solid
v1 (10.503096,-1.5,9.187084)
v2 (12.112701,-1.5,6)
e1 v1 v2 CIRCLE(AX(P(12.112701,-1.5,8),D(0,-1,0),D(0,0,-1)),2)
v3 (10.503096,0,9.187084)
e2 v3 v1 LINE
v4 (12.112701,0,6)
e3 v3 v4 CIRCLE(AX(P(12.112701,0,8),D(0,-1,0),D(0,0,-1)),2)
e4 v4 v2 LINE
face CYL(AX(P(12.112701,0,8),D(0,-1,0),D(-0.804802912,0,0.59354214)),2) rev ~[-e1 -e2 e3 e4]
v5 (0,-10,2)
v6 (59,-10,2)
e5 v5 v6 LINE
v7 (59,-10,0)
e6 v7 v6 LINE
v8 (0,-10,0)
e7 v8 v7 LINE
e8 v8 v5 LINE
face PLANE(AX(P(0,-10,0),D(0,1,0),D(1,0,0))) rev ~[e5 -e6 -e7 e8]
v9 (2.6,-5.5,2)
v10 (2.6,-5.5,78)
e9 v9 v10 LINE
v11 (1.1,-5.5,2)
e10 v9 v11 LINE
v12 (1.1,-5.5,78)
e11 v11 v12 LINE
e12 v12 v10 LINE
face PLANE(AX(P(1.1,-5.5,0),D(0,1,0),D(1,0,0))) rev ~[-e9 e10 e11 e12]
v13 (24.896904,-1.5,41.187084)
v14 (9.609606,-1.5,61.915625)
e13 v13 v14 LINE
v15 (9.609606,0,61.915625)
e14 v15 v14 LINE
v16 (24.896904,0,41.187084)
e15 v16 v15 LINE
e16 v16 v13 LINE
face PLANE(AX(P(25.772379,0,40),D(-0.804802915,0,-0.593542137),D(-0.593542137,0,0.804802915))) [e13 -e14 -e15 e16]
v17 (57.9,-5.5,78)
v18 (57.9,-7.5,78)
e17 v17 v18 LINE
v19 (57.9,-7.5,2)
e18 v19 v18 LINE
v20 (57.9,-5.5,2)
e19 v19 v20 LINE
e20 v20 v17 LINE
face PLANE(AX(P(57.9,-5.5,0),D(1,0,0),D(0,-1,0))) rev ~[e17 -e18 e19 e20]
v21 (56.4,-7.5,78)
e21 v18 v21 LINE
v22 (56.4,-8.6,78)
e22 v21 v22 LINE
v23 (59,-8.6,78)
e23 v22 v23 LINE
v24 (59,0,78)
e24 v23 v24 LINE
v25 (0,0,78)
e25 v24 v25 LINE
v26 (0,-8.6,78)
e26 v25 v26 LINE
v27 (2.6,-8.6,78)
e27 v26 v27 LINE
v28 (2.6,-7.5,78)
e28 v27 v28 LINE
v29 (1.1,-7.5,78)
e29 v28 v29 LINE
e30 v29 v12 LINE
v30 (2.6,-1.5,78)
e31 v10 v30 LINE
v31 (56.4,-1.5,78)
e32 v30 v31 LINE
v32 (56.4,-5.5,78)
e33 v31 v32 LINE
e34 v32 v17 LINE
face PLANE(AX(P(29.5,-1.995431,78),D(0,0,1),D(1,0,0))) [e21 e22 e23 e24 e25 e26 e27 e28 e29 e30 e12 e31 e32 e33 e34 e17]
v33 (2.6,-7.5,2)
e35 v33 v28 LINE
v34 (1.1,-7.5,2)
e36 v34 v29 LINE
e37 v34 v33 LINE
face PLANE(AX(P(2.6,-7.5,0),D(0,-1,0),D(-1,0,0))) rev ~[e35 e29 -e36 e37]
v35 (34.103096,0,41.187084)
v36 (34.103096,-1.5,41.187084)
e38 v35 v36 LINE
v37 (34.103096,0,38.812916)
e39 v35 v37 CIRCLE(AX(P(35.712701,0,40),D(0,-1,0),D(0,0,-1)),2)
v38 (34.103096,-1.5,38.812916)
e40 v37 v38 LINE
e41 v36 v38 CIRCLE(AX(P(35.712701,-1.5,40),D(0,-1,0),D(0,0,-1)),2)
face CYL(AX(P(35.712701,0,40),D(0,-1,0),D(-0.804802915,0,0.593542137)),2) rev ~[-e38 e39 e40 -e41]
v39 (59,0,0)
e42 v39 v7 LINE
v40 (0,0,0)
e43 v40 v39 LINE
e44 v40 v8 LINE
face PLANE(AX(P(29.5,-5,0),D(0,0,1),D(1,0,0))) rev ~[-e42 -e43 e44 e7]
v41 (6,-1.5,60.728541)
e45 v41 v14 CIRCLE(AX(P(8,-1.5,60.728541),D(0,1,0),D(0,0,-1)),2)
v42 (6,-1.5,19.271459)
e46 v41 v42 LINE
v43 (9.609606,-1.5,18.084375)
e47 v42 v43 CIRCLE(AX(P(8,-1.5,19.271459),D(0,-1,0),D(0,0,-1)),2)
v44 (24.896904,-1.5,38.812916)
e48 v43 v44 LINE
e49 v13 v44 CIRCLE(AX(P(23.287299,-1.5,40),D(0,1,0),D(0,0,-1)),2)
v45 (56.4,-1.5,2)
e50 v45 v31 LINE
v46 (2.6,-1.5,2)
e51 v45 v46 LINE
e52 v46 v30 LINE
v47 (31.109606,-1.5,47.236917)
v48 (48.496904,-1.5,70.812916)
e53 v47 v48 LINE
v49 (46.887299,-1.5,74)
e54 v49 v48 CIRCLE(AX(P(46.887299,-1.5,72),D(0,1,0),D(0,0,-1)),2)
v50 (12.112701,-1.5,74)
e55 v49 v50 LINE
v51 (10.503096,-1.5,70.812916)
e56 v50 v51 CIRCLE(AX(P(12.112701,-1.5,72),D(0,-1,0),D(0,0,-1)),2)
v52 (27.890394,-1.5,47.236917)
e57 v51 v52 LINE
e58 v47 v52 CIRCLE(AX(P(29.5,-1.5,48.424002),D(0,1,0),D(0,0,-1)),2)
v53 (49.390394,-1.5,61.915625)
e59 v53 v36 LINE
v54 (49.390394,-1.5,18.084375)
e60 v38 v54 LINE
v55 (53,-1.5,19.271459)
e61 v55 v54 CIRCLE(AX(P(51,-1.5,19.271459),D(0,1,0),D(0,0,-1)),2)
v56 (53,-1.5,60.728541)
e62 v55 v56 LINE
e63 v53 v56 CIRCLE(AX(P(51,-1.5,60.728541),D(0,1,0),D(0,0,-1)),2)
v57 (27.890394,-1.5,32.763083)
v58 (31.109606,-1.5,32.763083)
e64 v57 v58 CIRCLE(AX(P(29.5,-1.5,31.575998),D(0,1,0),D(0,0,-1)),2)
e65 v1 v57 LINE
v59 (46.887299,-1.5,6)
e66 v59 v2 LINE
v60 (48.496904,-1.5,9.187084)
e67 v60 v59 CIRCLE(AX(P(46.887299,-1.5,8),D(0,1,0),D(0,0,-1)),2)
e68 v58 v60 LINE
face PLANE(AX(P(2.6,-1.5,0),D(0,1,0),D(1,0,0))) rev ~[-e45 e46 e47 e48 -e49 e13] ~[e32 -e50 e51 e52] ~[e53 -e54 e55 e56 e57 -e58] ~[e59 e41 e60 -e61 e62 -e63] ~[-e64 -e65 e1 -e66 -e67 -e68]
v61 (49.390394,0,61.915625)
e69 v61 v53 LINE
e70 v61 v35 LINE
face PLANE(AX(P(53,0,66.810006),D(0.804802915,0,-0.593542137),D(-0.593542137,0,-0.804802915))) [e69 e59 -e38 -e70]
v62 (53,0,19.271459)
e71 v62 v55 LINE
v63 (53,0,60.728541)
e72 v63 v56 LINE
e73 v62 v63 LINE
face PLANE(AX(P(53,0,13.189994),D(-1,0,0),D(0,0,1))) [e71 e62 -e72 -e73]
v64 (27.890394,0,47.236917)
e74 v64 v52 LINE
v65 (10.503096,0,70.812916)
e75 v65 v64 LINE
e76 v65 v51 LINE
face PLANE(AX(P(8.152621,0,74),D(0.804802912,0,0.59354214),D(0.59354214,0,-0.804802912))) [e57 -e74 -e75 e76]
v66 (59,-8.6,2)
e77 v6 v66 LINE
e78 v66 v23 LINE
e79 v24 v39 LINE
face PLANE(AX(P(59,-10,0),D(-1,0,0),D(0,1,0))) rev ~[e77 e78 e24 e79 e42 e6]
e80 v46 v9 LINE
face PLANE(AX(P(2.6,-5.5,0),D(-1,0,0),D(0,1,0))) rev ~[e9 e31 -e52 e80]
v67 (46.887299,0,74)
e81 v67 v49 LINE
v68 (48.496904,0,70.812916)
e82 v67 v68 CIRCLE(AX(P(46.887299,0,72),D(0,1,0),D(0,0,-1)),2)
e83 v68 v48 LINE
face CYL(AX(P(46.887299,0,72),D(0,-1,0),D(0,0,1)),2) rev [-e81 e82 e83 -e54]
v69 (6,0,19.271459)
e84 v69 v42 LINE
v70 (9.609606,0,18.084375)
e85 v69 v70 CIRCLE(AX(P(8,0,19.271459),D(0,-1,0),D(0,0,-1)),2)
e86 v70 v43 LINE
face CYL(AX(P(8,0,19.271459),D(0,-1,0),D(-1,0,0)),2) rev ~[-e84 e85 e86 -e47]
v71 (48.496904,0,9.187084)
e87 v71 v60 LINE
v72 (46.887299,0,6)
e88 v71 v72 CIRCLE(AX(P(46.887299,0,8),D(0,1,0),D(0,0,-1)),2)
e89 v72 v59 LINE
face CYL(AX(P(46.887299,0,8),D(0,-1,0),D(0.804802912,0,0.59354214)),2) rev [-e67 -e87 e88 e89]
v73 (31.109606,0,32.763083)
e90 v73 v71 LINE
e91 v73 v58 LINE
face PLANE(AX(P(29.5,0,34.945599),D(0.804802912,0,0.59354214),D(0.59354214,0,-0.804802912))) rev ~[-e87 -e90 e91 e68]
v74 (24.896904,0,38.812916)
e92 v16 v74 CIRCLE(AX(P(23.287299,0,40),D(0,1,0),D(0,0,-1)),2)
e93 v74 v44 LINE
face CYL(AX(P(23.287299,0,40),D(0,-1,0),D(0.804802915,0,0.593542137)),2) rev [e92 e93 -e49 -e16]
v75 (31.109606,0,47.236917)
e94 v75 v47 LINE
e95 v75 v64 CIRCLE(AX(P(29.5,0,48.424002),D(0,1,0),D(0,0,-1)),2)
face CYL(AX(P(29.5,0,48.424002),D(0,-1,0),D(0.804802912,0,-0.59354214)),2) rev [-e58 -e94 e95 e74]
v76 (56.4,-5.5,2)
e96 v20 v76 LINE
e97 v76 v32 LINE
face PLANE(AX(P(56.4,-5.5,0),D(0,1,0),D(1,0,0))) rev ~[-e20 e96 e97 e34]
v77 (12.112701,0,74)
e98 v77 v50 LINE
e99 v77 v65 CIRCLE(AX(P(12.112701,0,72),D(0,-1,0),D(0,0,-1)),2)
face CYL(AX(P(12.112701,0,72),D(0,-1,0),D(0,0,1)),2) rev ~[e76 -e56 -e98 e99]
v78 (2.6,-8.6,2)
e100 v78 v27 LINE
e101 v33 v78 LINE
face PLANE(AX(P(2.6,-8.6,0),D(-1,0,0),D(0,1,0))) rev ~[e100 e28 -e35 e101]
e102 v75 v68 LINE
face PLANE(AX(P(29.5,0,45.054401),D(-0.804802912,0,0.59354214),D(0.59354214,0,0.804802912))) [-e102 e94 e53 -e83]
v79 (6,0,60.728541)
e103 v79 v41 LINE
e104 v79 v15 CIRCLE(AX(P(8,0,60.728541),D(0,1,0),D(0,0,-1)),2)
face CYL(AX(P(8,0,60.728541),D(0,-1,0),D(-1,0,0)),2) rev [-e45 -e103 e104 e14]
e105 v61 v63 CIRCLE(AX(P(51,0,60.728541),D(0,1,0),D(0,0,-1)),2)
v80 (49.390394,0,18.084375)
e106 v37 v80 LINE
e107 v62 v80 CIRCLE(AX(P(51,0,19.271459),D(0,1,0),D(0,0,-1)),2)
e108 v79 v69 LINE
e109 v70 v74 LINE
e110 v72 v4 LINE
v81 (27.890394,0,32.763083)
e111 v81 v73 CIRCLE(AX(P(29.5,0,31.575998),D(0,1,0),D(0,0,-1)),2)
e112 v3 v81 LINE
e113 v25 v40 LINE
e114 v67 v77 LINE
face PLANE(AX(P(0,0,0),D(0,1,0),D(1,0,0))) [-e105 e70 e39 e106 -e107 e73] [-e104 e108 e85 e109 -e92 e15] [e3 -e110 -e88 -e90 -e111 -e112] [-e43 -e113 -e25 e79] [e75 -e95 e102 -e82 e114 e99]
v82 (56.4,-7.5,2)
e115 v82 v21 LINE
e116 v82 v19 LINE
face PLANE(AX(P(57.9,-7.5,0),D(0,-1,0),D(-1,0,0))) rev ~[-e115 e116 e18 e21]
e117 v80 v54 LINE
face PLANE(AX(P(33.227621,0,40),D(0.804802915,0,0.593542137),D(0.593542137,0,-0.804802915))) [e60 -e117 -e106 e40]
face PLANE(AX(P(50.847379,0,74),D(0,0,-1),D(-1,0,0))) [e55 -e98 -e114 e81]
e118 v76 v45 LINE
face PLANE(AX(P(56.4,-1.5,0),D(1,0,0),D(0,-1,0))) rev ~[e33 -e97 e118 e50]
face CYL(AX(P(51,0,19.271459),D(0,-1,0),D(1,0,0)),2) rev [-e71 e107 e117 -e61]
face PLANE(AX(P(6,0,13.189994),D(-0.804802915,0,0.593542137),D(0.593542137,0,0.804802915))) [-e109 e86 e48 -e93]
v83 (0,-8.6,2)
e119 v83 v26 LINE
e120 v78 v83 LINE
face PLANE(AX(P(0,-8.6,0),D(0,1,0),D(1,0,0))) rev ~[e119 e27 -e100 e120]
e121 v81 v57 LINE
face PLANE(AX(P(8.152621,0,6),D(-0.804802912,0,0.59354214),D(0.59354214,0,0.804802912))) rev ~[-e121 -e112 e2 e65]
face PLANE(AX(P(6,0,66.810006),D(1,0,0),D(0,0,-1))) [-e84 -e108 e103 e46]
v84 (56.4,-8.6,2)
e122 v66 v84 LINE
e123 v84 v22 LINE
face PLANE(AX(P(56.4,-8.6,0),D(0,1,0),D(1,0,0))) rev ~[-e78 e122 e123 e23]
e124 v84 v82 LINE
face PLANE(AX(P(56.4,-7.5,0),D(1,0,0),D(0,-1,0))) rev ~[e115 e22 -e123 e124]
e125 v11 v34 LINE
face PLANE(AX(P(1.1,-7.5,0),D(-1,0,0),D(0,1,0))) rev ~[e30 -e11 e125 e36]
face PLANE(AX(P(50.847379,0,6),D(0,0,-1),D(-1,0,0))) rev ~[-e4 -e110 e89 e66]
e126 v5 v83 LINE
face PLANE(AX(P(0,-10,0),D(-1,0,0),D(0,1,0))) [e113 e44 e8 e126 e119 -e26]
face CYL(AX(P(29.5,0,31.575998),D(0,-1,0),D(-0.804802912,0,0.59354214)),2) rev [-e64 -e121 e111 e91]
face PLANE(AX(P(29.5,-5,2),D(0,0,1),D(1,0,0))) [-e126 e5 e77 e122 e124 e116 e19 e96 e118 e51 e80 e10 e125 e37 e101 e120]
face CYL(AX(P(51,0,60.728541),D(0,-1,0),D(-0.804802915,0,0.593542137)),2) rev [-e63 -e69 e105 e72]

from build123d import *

# Parameters (mm, degrees)
PAD002_DEPTH = 10
PAD001_DEPTH = 78
SKETCH_W     = 59
SKETCH_H     = 10
PAD_DEPTH    = 2
FILLET_R     = 2


with BuildPart() as pad002:
    # Sketch002 → Pad002 (new body)
    with BuildSketch(Plane.XZ):
        Polygon((8.152621, 6), (29.5, 34.945599), (50.847379, 6), align=None)
        Polygon((6, 13.189994), (25.772379, 40), (6, 66.810006), align=None)
        Polygon((8.152621, 74), (29.5, 45.054401), (50.847379, 74), align=None)
        Polygon((33.227621, 40), (53, 13.189994), (53, 66.810006), align=None)
    extrude(amount=PAD002_DEPTH)


with BuildPart() as pad001:
    # Sketch001 → Pad001 (new body)
    with BuildSketch(Plane.XY):
        Polygon((0, 0), (0, -8.6), (2.6, -8.6), (2.6, -7.5), (1.1, -7.5), (1.1, -5.5), (2.6, -5.5), (2.6, -1.5), (56.4, -1.5), (56.4, -5.5), (57.9, -5.5), (57.9, -7.5), (56.4, -7.5), (56.4, -8.6), (59, -8.6), (59, 0), align=None)
    extrude(amount=PAD001_DEPTH)


with BuildPart() as f_4_relay:
    # Sketch → Pad (new body)
    with BuildSketch(Plane.XY):
        with Locations((29.5, -5)):
            Rectangle(SKETCH_W, SKETCH_H)
    extrude(amount=PAD_DEPTH)

    # Fusion: union Pad001
    add(pad001.part)

    # Cut: cut Pad002
    add(pad002.part, mode=Mode.SUBTRACT)

    # Fillet
    fillet_edges = [f_4_relay.edges().sort_by_distance(p)[0] for p in [
        (53, -0.75, 13.189994),
        (25.772379, -0.75, 40),
        (50.847379, -0.75, 6),
        (33.227621, -0.75, 40),
        (53, -0.75, 66.810006),
        (6, -0.75, 66.810006),
        (50.847379, -0.75, 74),
        (29.5, -0.75, 45.054401),
        (29.5, -0.75, 34.945599),
        (8.152621, -0.75, 74),
        (8.152621, -0.75, 6),
        (6, -0.75, 13.189994),
    ]]
    fillet(fillet_edges, radius=FILLET_R)


solid = f_4_relay.part
